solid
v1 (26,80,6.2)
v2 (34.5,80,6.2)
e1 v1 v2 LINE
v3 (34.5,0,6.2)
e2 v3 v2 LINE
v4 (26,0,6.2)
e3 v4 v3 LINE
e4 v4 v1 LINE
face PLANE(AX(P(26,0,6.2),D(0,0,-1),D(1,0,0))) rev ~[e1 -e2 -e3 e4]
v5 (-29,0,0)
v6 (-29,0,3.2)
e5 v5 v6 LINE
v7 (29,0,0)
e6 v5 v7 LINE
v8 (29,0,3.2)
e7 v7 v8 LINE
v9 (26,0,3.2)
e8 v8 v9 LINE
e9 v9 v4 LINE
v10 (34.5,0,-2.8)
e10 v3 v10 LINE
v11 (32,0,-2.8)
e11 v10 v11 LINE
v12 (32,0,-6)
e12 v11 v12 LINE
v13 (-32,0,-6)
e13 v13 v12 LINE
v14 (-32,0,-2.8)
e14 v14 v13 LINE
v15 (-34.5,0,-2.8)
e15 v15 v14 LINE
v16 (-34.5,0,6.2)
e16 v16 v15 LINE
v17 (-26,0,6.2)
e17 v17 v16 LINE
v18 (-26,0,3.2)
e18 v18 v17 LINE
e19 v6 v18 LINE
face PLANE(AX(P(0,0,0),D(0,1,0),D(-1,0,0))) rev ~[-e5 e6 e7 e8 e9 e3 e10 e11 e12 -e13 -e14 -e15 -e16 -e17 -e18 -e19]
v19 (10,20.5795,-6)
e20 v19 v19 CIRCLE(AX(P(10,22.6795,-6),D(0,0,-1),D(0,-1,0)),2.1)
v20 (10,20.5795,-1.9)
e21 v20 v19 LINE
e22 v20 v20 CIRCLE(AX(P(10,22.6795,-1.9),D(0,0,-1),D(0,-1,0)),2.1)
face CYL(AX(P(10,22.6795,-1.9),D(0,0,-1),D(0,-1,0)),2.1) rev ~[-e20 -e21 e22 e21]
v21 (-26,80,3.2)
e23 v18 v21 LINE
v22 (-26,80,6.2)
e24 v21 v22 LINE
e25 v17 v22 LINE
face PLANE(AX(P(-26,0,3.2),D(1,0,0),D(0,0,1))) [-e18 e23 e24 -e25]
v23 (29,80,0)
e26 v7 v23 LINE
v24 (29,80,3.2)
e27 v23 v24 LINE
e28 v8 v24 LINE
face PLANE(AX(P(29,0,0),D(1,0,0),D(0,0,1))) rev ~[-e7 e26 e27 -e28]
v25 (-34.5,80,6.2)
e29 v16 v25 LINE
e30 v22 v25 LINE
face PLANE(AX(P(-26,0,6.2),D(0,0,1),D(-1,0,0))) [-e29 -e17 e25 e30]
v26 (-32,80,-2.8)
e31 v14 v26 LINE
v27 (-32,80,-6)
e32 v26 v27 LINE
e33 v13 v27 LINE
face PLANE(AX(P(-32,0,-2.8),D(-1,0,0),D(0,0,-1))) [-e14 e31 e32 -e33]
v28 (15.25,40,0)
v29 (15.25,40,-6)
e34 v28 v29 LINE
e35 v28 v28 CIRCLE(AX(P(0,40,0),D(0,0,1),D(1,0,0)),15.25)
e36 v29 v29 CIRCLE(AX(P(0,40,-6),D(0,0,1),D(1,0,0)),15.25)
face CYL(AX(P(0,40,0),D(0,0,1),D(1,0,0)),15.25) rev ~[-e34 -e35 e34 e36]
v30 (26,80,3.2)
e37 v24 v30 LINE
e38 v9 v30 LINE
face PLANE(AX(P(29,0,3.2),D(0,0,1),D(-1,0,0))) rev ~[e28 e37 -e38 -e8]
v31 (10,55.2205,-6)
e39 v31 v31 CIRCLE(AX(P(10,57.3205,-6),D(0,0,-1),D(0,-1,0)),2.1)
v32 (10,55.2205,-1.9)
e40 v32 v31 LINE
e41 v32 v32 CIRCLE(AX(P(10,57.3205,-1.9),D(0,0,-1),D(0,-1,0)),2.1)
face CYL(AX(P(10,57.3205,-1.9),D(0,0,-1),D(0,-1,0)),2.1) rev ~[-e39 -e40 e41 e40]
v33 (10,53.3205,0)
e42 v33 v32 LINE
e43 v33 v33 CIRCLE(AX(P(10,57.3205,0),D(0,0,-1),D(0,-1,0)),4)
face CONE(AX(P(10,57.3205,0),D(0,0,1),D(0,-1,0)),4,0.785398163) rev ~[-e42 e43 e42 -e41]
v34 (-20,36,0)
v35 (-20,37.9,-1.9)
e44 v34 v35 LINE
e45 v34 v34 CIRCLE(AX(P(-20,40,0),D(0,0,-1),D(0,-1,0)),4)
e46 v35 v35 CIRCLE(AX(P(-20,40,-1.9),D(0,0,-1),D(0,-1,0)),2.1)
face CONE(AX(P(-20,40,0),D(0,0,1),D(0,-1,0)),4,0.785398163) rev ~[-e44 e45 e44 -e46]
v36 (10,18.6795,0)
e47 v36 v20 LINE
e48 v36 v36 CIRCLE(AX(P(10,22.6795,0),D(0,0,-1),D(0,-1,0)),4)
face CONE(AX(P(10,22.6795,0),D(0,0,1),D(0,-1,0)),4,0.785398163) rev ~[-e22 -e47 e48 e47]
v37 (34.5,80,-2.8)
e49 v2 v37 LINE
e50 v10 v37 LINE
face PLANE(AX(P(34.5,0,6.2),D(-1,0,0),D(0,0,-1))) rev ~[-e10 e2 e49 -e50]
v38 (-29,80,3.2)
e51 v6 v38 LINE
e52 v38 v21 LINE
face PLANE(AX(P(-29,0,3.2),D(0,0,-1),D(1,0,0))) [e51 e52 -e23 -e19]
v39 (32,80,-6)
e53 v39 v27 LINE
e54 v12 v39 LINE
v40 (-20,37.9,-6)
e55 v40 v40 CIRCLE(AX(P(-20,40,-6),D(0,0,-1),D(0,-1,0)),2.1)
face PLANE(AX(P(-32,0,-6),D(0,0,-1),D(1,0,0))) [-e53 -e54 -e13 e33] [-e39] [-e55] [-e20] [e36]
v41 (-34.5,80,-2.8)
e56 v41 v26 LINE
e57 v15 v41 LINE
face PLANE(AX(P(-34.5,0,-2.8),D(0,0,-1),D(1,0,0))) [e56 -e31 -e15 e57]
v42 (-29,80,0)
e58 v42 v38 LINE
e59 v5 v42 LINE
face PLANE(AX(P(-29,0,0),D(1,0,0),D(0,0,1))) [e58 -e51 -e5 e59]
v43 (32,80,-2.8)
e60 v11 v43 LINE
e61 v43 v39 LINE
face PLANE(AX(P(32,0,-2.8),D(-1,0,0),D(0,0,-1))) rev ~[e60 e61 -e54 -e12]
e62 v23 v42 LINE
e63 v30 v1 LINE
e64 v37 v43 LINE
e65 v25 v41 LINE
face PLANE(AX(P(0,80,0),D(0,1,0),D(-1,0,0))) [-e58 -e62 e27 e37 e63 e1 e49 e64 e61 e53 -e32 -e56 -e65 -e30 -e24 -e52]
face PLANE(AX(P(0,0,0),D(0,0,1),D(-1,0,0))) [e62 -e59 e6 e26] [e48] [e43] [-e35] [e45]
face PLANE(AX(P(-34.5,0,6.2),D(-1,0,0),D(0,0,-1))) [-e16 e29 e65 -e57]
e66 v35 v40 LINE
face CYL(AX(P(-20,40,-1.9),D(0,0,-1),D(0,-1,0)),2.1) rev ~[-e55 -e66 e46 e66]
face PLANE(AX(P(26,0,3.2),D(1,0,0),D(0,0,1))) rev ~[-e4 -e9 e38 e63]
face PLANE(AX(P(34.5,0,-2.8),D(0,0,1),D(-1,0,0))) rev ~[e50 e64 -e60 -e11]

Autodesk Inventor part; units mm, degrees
ref_plane "YZ Plane" through (0, 0, 0) normal (1, 0, 0) x (0, 1, 0)
ref_plane "XZ Plane" through (0, 0, 0) normal (0, 1, 0) x (-1, 0, 0)
ref_plane "XY Plane" through (0, 0, 0) normal (0, 0, 1) x (1, 0, 0)
sketch "Sketch2" plane through (0, 0, 0) normal (0, 1, 0) x (-1, 0, 0)
  circle A0 centre (0, 0) radius 15.25
  circle A1 centre (0, 0) radius 25 construction
  circle A2 centre (0, -105) radius 68.1
  line L0 (-85.4561, 0) -> (89.9732, 0) construction
  line L1 (0, 101.2907) -> (0, -205.3562) construction
  circle A3 centre (0, -105) radius 72
  line L2 (53.1573, -36.9) -> (-40.009, -36.9) construction
  line L3 (26.7586, 36.9) -> (26.7586, -36.9)
  line L4 (-26.7586, 36.9) -> (-26.7586, -36.9)
  line L5 (26.7586, -36.9) -> (-26.7586, -36.9)
  line L6 (34.2741, -33.2) -> (-37.5386, -33.2) construction
  line L7 (0, 0) -> (20, 0)
  line L8 (0, 0) -> (-10, 17.3205)
  line L9 (0, 0) -> (-10, -17.3205)
  line L10 (0, 17.3205) -> (-18.0278, 17.3205) construction
  line L11 (0, -17.3205) -> (-18.0278, -17.3205) construction
  circle A4 centre (-10, 17.3205) radius 2.1
  circle A5 centre (20, 0) radius 2.1
  circle A6 centre (-10, -17.3205) radius 2.1
  line L12 (26.7586, 36.9) -> (-26.7586, 36.9)
  dimension "d22" = 30.5
  dimension "d23" = 50
  dimension "d24" = 136.2
  dimension "d25" = 105
  dimension "d26" = 144
  dimension "d40" = 120
  dimension "d41" = 120
  dimension "d42" = 20
  dimension "d43" = 4.2
sketch "Sketch4" plane through (0, 0, 0) normal (0, 1, 0) x (-1, 0, 0)
  line L0 (0, 0) -> (29, 0)
  line L1 (29, 0) -> (29, 3.2)
  line L2 (29, 3.2) -> (26, 3.2)
  line L3 (26, 3.2) -> (26, 6.2)
  line L4 (26, 6.2) -> (34.5, 6.2)
  line L5 (34.5, 6.2) -> (34.5, -2.8)
  line L6 (34.5, -2.8) -> (32, -2.8)
  line L7 (32, -2.8) -> (32, -6)
  line L8 (32, -6) -> (0, -6)
  line L9 (0, -6) -> (0, 0)
  line L10 (0, 0) -> (-29, 0)
  line L11 (-29, 0) -> (-29, 3.2)
  line L12 (-29, 3.2) -> (-26, 3.2)
  line L13 (-26, 3.2) -> (-26, 6.2)
  line L14 (-26, 6.2) -> (-34.5, 6.2)
  line L15 (-34.5, 6.2) -> (-34.5, -2.8)
  line L16 (-34.5, -2.8) -> (-32, -2.8)
  line L17 (-32, -2.8) -> (-32, -6)
  line L18 (-32, -6) -> (0, -6)
  dimension "d44" = 3.2
  dimension "d45" = 3.2
  dimension "d46" = 6
  dimension "d47" = 3
  dimension "d48" = 3
  dimension "d49" = 5.5
  dimension "d50" = 3
  dimension "d51" = 26
extrude "Extrusion1" add sketch "Sketch4" along normal blind 80
sketch "Sketch6" plane through (-29, 0, 0) normal (0, 0, 1) x (1, 0, 0)
  line L0 (0, 80) -> (58, 80) projected
  line L1 (0, 0) -> (0, 80) projected
  line L2 (0, 0) -> (58, 0) projected
  line L3 (0, 0) -> (58, 0)
  line L4 (58, 0) -> (58, 80) projected
  line L5 (58, 0) -> (58, 80)
  circle A0 centre (29, 40) radius 25 construction
  line L6 (36.5497, 40) -> (21.3269, 40) construction
  line L7 (29, 31.55) -> (29, 50.9237) construction
  line L8 (29, 40) -> (39, 57.3205) construction
  line L9 (29, 40) -> (9, 40) construction
  line L10 (29, 40) -> (39, 22.6795) construction
  circle A1 centre (29, 40) radius 15.25
  point P0 (29, 0)
  dimension "d54" = 50
  dimension "d56" = 120
  dimension "d57" = 120
  dimension "d58" = 20
  dimension "d59" = 30.5
extrude "Extrusion2" cut sketch "Sketch6" against normal up to surface (6 mm away) contours A1
hole "Hole1" at (10, 22.6795, 0) at (-20, 40, 0) at (10, 57.3205, 0) direction (0, 0, -1) diameter 4.2 end through all countersink diameter 8 countersink angle 90
properties part number "Cycloid_2_base_v2"
